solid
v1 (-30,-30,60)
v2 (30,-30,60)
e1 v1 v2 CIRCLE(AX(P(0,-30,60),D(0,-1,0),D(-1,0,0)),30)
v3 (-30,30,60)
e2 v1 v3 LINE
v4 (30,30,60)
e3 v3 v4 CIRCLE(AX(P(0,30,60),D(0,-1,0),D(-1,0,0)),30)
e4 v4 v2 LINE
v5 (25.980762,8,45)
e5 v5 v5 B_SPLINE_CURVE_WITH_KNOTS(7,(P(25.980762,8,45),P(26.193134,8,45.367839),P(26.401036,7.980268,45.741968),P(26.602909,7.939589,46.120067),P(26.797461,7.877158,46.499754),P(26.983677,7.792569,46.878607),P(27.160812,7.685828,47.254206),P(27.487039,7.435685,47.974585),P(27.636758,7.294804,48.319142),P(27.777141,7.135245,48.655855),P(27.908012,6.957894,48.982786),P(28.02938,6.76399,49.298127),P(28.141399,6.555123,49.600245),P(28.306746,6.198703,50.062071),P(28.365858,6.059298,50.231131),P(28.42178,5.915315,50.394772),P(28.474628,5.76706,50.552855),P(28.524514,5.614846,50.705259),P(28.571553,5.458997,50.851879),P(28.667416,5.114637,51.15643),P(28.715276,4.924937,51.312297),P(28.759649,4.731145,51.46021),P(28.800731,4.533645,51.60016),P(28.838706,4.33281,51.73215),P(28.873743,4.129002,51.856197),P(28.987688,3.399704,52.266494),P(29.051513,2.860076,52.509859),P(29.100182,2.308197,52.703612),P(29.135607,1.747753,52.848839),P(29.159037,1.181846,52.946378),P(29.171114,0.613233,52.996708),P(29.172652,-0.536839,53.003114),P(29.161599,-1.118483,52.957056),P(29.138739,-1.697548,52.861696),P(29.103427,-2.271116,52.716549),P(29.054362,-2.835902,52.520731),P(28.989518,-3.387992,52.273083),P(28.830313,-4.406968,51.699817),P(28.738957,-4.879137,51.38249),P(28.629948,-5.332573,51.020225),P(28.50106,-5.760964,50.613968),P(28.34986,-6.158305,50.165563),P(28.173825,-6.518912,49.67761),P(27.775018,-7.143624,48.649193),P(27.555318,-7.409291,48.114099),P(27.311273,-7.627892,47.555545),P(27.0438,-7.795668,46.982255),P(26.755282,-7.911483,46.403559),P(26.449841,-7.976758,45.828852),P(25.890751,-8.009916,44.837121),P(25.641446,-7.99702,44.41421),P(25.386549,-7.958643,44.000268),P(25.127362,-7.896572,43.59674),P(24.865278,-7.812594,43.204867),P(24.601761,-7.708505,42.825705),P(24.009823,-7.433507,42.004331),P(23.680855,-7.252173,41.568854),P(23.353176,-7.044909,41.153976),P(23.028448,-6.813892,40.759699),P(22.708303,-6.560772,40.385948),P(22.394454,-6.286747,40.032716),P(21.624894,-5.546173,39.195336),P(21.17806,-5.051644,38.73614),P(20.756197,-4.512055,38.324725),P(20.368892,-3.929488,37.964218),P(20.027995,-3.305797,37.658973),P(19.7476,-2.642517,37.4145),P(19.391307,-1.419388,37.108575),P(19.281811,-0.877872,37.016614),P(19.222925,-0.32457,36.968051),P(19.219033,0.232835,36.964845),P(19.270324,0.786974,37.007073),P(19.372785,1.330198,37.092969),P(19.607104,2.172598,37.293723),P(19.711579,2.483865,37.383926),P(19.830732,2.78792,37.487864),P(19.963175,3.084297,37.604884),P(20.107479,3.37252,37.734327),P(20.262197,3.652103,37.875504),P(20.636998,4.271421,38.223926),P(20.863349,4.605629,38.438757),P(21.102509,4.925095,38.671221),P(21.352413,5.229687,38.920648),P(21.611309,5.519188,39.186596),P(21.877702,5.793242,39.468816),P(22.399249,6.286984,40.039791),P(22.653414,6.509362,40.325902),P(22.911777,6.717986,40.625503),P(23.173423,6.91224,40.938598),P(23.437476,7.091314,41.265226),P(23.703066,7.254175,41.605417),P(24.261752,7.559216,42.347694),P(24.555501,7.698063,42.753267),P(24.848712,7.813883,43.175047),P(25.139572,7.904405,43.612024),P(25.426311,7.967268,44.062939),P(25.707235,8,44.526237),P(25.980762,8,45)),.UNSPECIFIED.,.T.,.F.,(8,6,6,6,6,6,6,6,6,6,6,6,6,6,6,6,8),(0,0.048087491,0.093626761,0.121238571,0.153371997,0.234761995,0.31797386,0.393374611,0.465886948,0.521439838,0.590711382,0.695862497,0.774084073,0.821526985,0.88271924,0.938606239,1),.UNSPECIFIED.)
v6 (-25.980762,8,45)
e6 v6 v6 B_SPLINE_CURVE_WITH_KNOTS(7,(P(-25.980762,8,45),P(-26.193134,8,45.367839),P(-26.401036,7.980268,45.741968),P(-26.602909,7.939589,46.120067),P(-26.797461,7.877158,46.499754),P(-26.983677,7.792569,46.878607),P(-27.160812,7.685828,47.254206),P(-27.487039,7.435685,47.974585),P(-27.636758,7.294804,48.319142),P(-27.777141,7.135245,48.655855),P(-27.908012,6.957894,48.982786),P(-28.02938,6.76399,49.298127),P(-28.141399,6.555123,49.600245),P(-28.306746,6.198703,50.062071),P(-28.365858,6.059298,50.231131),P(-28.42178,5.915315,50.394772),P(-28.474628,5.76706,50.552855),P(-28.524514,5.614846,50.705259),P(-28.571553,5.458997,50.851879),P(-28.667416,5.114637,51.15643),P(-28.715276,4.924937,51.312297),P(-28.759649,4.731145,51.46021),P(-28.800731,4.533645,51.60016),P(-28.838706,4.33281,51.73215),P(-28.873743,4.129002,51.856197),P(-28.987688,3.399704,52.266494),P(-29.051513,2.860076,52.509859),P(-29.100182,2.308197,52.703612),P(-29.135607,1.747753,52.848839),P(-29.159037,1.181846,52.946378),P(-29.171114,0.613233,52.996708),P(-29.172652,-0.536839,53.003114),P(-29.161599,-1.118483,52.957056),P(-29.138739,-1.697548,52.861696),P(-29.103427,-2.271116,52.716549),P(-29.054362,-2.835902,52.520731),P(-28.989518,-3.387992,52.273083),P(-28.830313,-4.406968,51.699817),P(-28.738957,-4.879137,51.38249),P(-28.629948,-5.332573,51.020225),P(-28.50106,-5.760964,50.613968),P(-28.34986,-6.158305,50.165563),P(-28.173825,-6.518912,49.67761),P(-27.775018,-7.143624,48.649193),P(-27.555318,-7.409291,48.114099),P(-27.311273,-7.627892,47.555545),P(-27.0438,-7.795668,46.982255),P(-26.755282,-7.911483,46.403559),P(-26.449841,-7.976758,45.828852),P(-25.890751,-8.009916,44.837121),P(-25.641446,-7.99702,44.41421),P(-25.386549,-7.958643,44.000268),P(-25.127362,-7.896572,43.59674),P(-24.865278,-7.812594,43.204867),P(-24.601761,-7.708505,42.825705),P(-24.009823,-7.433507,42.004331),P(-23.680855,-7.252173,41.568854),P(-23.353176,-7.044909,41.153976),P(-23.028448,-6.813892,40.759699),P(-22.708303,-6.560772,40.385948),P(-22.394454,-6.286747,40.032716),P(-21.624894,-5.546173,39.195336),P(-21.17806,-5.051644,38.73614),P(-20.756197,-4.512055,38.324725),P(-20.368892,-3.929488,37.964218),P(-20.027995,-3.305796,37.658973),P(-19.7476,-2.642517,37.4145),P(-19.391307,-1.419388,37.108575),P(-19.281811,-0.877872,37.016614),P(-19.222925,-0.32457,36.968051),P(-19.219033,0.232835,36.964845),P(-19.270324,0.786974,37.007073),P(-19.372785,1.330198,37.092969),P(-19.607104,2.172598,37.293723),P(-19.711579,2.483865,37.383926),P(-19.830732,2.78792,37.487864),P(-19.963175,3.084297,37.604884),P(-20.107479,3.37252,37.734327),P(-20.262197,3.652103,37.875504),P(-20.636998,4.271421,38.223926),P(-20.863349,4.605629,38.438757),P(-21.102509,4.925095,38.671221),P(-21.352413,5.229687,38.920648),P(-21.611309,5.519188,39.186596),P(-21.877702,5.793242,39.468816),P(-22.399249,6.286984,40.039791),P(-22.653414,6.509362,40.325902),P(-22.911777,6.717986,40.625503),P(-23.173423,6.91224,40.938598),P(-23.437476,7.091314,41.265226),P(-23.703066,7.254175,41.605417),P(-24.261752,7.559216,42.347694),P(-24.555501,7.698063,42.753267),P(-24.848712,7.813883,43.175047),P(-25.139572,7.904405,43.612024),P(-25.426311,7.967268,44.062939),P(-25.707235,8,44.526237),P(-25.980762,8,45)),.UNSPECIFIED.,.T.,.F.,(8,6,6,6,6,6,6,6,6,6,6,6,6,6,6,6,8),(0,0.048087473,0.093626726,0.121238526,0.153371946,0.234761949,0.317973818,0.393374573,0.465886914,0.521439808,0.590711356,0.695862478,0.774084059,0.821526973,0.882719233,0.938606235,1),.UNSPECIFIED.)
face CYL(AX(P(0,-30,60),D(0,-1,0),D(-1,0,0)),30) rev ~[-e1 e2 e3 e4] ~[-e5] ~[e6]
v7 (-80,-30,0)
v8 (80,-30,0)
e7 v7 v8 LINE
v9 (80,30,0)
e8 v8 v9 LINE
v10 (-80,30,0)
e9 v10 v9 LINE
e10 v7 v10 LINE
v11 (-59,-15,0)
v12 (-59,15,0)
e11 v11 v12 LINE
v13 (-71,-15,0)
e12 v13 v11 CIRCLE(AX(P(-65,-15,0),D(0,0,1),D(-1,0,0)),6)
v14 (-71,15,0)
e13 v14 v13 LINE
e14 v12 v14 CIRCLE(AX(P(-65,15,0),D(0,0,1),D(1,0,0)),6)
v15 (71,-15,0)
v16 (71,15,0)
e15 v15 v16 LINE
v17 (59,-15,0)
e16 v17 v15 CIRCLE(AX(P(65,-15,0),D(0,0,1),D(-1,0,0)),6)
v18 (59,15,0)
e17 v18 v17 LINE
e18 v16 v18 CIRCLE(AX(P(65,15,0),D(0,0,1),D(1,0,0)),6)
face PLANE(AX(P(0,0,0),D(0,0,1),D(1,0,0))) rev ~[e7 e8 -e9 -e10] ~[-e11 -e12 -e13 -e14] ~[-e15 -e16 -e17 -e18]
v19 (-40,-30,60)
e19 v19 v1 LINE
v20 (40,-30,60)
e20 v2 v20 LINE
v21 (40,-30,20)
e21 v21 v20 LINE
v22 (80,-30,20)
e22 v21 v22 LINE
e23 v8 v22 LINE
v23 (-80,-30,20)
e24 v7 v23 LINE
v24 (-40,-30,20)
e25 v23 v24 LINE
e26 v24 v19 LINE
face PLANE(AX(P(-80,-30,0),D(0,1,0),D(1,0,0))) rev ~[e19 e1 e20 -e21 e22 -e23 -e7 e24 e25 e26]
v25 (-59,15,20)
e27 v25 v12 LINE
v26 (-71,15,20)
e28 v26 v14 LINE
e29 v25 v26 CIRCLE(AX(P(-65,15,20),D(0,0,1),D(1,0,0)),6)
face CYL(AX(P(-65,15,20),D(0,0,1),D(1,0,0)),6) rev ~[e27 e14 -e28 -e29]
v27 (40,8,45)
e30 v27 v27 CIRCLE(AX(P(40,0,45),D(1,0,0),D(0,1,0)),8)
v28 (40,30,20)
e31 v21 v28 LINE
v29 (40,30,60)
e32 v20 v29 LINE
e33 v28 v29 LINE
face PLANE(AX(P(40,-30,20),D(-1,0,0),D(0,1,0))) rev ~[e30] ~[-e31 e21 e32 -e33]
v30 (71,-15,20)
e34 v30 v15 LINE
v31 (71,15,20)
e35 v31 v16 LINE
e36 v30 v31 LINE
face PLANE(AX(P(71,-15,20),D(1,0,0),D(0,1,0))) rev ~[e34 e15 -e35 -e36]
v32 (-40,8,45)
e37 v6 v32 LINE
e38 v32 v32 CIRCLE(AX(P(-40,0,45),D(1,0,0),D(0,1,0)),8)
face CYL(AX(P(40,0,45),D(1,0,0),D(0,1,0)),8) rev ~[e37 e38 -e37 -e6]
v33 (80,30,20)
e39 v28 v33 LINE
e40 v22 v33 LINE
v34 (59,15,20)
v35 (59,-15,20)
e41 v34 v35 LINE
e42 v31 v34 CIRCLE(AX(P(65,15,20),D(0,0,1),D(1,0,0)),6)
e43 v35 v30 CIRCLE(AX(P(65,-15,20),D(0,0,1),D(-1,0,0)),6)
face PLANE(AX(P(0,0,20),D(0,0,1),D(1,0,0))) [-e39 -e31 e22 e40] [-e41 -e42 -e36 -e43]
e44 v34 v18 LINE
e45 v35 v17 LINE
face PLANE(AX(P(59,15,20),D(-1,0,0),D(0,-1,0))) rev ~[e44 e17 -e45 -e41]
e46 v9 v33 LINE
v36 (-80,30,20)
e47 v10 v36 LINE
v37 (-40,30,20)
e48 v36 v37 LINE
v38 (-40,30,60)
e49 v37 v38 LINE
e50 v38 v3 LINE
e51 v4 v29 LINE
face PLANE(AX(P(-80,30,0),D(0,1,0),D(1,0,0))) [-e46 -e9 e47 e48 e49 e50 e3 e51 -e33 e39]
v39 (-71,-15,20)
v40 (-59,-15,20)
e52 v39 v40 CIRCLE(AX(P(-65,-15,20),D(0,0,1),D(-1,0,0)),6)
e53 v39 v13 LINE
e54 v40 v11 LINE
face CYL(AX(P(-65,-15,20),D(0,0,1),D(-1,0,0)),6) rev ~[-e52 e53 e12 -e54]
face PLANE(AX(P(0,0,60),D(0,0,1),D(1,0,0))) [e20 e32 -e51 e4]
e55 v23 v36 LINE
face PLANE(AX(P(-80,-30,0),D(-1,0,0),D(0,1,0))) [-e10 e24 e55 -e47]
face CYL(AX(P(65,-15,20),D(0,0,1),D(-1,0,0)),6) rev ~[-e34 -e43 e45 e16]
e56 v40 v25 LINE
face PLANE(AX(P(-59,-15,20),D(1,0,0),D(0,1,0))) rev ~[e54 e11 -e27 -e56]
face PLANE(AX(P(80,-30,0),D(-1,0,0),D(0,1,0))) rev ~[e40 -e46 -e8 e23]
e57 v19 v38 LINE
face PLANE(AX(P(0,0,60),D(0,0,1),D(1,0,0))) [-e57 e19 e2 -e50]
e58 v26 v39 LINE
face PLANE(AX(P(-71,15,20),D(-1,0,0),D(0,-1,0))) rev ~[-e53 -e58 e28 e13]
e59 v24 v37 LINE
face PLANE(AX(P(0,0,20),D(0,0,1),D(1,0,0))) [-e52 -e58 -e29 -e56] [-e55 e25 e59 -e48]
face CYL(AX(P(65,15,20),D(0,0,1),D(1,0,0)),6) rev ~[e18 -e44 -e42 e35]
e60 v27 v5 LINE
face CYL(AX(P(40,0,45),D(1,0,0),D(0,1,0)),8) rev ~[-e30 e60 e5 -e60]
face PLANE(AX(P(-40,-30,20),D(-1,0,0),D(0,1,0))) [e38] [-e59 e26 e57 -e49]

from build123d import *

# Parameters (mm, degrees)
F0_W     = 160
F0_H     = 60
F1_DEPTH = 20
F3_DEPTH = 20.001
F4_W     = 80
F4_H     = 60
F5_DEPTH = 40
F6_R     = 8
F7_DEPTH = 120.001
F9_DEPTH = 60.001


with BuildPart() as f1:
    # F0 (on Top) → F1 (new body)
    with BuildSketch(Plane.XY):
        Rectangle(F0_W, F0_H)
    extrude(amount=F1_DEPTH)

    # F2 (on face) → F3 (cut, through all)
    with BuildSketch(Plane.XY.offset(20)):
        with BuildLine():
            ThreePointArc((-71, -15), (-65, -21), (-59, -15))
            Line((-59, -15), (-59, 15))
            ThreePointArc((-59, 15), (-65, 21), (-71, 15))
            Line((-71, 15), (-71, -15))
        make_face()
        with BuildLine():
            ThreePointArc((59, -15), (65, -21), (71, -15))
            Line((71, -15), (71, 15))
            ThreePointArc((71, 15), (65, 21), (59, 15))
            Line((59, 15), (59, -15))
        make_face()
    extrude(amount=-F3_DEPTH, mode=Mode.SUBTRACT)

    # F4 (on face) → F5 (join)
    with BuildSketch(Plane.XY.offset(20)):
        Rectangle(F4_W, F4_H)
    extrude(amount=F5_DEPTH)

    # F6 (on face) → F7 (cut, through all)
    with BuildSketch(Plane.YZ.offset(40)):
        with Locations((0, 45)):
            Circle(F6_R)
    extrude(amount=-F7_DEPTH, mode=Mode.SUBTRACT)

    # F8 (on face) → F9 (cut, through all)
    with BuildSketch(Plane.XZ.offset(30)):
        with BuildLine():
            Line((-30, 60), (30, 60))
            ThreePointArc((30, 60), (0, 90), (-30, 60))
        make_face()
        with BuildLine():
            ThreePointArc((-30, 60), (0, 30), (30, 60))
            Line((30, 60), (-30, 60))
        make_face()
    extrude(amount=-F9_DEPTH, mode=Mode.SUBTRACT)


solid = f1.part
